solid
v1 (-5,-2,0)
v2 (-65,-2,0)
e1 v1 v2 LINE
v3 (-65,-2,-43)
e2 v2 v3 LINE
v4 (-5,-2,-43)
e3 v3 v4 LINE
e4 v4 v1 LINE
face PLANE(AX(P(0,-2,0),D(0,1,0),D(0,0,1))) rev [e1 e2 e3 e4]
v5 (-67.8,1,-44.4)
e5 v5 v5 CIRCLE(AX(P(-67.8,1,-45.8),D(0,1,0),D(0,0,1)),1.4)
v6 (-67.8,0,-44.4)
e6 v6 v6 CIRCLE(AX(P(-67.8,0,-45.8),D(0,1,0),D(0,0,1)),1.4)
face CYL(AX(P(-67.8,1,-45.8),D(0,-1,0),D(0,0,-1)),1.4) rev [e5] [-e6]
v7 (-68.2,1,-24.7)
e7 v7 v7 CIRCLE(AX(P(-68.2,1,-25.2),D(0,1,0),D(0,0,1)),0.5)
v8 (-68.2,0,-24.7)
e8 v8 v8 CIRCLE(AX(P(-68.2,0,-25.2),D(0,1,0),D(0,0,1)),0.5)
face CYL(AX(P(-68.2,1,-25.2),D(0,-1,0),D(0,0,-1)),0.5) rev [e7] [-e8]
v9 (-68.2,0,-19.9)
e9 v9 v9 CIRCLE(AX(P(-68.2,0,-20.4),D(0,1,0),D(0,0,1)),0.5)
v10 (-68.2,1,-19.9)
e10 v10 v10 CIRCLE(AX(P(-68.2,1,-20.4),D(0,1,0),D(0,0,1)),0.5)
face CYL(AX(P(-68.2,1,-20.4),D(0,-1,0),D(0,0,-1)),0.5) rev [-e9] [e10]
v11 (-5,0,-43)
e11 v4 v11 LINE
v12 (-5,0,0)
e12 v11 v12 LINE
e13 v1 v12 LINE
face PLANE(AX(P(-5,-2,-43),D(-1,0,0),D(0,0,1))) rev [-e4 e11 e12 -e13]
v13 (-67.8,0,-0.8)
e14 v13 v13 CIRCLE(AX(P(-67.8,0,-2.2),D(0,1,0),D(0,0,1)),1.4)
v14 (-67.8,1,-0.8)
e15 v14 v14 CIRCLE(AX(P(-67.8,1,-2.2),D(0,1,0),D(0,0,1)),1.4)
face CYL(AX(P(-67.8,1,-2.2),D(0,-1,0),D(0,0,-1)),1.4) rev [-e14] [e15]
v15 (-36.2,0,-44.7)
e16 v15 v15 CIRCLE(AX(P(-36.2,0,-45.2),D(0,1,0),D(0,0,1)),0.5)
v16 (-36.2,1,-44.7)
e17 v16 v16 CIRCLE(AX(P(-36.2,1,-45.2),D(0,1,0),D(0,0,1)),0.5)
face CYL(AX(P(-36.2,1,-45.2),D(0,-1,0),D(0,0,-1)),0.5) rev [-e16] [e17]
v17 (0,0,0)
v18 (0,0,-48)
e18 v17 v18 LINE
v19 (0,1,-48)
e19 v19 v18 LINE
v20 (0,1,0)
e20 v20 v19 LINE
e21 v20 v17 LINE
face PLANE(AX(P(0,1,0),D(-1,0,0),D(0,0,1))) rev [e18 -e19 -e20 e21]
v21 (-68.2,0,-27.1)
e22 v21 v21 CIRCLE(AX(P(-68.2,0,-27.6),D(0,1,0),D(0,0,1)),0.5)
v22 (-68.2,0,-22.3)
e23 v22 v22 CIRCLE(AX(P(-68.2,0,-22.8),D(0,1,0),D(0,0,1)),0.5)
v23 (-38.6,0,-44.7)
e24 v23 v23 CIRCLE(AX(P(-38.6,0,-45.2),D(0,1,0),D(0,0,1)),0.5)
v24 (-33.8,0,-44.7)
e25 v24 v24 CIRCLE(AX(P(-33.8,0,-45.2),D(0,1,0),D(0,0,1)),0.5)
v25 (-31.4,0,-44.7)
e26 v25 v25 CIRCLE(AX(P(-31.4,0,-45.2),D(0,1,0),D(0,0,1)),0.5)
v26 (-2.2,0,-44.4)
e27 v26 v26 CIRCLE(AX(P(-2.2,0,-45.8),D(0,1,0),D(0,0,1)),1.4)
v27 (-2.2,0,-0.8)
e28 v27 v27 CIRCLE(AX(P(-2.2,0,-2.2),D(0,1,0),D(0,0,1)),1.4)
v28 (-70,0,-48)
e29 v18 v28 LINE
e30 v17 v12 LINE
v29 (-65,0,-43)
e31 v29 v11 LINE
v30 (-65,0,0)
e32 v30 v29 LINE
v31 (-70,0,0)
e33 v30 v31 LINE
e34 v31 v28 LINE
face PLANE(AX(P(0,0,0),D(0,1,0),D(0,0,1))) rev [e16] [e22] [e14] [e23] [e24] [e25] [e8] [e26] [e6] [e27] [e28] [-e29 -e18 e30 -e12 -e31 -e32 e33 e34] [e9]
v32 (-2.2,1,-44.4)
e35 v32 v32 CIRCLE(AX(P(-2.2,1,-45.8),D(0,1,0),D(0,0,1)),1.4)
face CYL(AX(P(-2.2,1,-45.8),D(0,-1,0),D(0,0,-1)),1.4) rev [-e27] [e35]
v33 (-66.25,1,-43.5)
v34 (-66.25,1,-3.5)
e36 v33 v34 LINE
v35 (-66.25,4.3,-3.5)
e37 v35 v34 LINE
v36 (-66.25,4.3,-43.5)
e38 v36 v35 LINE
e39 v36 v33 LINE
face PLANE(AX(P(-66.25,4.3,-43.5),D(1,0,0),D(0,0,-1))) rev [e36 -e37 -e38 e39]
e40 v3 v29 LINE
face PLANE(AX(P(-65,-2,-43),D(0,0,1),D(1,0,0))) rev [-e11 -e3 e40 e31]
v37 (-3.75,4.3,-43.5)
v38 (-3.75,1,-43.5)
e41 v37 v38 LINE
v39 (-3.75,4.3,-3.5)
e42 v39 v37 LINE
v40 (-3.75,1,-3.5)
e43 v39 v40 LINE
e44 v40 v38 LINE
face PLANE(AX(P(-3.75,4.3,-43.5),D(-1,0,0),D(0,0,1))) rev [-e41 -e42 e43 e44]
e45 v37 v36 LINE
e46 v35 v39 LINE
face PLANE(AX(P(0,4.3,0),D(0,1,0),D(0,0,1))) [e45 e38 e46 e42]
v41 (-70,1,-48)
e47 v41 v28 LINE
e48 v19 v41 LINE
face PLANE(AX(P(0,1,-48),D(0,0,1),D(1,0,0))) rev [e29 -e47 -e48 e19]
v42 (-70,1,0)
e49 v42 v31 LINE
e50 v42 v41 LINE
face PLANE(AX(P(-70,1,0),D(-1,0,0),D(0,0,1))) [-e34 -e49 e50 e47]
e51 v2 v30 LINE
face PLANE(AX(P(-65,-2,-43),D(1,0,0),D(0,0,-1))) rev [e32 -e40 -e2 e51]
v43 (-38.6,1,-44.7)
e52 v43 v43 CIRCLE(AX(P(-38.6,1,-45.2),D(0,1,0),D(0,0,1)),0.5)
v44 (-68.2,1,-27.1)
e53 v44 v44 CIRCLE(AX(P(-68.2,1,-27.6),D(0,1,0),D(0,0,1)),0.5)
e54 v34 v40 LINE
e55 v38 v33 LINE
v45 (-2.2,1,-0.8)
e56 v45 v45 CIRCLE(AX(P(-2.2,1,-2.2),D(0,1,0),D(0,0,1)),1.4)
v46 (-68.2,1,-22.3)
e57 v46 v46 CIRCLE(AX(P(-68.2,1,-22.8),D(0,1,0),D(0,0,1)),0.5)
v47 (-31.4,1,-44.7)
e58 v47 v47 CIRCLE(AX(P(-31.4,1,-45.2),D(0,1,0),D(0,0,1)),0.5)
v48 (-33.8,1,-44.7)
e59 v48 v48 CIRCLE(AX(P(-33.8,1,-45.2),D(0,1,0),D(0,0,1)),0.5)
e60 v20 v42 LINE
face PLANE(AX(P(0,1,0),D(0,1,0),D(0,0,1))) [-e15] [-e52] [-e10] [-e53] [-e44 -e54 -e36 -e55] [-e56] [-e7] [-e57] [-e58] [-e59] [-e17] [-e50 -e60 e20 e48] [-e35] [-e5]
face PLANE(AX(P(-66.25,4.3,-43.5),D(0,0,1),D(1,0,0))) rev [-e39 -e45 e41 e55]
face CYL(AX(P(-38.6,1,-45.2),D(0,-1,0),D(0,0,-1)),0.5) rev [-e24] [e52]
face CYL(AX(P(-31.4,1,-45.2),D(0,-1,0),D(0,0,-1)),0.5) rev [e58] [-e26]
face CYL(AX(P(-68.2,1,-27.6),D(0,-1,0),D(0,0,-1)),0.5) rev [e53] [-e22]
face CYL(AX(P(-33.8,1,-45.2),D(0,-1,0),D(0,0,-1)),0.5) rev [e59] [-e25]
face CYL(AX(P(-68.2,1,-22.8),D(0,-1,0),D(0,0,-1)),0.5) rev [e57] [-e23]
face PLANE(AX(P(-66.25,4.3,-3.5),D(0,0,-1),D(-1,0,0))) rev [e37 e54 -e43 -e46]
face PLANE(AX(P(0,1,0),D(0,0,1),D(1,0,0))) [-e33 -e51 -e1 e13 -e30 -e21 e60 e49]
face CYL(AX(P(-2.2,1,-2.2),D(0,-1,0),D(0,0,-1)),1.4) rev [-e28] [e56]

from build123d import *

# Parameters (mm, degrees)
SKETCH1_W           = 70
SKETCH1_H           = 48
SKETCH1_R           = 0.5
SKETCH1_R_2         = 1.4
BOSS_EXTRUDE1_DEPTH = 1
SKETCH2_W           = 62.5
SKETCH2_H           = 40
BOSS_EXTRUDE2_DEPTH = 3.3
SKETCH3_W           = 60
SKETCH3_H           = 43
BOSS_EXTRUDE3_DEPTH = 2


with BuildPart() as part:
    # Sketch1 → Boss-Extrude1 (new body)
    with BuildSketch(Plane(origin=(0, 0, 0), x_dir=(1, 0, 0), z_dir=(0, 1, 0))):
        with Locations((-35, 24)):
            Rectangle(SKETCH1_W, SKETCH1_H)
        with Locations(Location((-68.2, 20.4, 0), (0, 0, 270))):
            Circle(SKETCH1_R, mode=Mode.SUBTRACT)
        with Locations(Location((-68.2, 22.8, 0), (0, 0, 270))):
            Circle(SKETCH1_R, mode=Mode.SUBTRACT)
        with Locations(Location((-68.2, 25.2, 0), (0, 0, 270))):
            Circle(SKETCH1_R, mode=Mode.SUBTRACT)
        with Locations(Location((-68.2, 27.6, 0), (0, 0, 270))):
            Circle(SKETCH1_R, mode=Mode.SUBTRACT)
        with Locations(Location((-31.4, 45.2, 0), (0, 0, 270))):
            Circle(SKETCH1_R, mode=Mode.SUBTRACT)
        with Locations(Location((-33.8, 45.2, 0), (0, 0, 270))):
            Circle(SKETCH1_R, mode=Mode.SUBTRACT)
        with Locations(Location((-36.2, 45.2, 0), (0, 0, 270))):
            Circle(SKETCH1_R, mode=Mode.SUBTRACT)
        with Locations(Location((-38.6, 45.2, 0), (0, 0, 270))):
            Circle(SKETCH1_R, mode=Mode.SUBTRACT)
        with Locations(Location((-67.8, 45.8, 0), (0, 0, 270))):
            Circle(SKETCH1_R_2, mode=Mode.SUBTRACT)
        with Locations(Location((-67.8, 2.2, 0), (0, 0, 270))):
            Circle(SKETCH1_R_2, mode=Mode.SUBTRACT)
        with Locations(Location((-2.2, 2.2, 0), (0, 0, 270))):
            Circle(SKETCH1_R_2, mode=Mode.SUBTRACT)
        with Locations(Location((-2.2, 45.8, 0), (0, 0, 270))):
            Circle(SKETCH1_R_2, mode=Mode.SUBTRACT)
    extrude(amount=BOSS_EXTRUDE1_DEPTH)

    # Sketch2 → Boss-Extrude2 (add)
    with BuildSketch(Plane(origin=(0, 1, 0), x_dir=(1, 0, 0), z_dir=(0, 1, 0))):
        with Locations((-35, 23.5)):
            Rectangle(SKETCH2_W, SKETCH2_H)
    extrude(amount=BOSS_EXTRUDE2_DEPTH)

    # Sketch3 → Boss-Extrude3 (add)
    with BuildSketch(Plane.XZ):
        with Locations((-35, -21.5)):
            Rectangle(SKETCH3_W, SKETCH3_H)
    extrude(amount=BOSS_EXTRUDE3_DEPTH)


solid = part.part
